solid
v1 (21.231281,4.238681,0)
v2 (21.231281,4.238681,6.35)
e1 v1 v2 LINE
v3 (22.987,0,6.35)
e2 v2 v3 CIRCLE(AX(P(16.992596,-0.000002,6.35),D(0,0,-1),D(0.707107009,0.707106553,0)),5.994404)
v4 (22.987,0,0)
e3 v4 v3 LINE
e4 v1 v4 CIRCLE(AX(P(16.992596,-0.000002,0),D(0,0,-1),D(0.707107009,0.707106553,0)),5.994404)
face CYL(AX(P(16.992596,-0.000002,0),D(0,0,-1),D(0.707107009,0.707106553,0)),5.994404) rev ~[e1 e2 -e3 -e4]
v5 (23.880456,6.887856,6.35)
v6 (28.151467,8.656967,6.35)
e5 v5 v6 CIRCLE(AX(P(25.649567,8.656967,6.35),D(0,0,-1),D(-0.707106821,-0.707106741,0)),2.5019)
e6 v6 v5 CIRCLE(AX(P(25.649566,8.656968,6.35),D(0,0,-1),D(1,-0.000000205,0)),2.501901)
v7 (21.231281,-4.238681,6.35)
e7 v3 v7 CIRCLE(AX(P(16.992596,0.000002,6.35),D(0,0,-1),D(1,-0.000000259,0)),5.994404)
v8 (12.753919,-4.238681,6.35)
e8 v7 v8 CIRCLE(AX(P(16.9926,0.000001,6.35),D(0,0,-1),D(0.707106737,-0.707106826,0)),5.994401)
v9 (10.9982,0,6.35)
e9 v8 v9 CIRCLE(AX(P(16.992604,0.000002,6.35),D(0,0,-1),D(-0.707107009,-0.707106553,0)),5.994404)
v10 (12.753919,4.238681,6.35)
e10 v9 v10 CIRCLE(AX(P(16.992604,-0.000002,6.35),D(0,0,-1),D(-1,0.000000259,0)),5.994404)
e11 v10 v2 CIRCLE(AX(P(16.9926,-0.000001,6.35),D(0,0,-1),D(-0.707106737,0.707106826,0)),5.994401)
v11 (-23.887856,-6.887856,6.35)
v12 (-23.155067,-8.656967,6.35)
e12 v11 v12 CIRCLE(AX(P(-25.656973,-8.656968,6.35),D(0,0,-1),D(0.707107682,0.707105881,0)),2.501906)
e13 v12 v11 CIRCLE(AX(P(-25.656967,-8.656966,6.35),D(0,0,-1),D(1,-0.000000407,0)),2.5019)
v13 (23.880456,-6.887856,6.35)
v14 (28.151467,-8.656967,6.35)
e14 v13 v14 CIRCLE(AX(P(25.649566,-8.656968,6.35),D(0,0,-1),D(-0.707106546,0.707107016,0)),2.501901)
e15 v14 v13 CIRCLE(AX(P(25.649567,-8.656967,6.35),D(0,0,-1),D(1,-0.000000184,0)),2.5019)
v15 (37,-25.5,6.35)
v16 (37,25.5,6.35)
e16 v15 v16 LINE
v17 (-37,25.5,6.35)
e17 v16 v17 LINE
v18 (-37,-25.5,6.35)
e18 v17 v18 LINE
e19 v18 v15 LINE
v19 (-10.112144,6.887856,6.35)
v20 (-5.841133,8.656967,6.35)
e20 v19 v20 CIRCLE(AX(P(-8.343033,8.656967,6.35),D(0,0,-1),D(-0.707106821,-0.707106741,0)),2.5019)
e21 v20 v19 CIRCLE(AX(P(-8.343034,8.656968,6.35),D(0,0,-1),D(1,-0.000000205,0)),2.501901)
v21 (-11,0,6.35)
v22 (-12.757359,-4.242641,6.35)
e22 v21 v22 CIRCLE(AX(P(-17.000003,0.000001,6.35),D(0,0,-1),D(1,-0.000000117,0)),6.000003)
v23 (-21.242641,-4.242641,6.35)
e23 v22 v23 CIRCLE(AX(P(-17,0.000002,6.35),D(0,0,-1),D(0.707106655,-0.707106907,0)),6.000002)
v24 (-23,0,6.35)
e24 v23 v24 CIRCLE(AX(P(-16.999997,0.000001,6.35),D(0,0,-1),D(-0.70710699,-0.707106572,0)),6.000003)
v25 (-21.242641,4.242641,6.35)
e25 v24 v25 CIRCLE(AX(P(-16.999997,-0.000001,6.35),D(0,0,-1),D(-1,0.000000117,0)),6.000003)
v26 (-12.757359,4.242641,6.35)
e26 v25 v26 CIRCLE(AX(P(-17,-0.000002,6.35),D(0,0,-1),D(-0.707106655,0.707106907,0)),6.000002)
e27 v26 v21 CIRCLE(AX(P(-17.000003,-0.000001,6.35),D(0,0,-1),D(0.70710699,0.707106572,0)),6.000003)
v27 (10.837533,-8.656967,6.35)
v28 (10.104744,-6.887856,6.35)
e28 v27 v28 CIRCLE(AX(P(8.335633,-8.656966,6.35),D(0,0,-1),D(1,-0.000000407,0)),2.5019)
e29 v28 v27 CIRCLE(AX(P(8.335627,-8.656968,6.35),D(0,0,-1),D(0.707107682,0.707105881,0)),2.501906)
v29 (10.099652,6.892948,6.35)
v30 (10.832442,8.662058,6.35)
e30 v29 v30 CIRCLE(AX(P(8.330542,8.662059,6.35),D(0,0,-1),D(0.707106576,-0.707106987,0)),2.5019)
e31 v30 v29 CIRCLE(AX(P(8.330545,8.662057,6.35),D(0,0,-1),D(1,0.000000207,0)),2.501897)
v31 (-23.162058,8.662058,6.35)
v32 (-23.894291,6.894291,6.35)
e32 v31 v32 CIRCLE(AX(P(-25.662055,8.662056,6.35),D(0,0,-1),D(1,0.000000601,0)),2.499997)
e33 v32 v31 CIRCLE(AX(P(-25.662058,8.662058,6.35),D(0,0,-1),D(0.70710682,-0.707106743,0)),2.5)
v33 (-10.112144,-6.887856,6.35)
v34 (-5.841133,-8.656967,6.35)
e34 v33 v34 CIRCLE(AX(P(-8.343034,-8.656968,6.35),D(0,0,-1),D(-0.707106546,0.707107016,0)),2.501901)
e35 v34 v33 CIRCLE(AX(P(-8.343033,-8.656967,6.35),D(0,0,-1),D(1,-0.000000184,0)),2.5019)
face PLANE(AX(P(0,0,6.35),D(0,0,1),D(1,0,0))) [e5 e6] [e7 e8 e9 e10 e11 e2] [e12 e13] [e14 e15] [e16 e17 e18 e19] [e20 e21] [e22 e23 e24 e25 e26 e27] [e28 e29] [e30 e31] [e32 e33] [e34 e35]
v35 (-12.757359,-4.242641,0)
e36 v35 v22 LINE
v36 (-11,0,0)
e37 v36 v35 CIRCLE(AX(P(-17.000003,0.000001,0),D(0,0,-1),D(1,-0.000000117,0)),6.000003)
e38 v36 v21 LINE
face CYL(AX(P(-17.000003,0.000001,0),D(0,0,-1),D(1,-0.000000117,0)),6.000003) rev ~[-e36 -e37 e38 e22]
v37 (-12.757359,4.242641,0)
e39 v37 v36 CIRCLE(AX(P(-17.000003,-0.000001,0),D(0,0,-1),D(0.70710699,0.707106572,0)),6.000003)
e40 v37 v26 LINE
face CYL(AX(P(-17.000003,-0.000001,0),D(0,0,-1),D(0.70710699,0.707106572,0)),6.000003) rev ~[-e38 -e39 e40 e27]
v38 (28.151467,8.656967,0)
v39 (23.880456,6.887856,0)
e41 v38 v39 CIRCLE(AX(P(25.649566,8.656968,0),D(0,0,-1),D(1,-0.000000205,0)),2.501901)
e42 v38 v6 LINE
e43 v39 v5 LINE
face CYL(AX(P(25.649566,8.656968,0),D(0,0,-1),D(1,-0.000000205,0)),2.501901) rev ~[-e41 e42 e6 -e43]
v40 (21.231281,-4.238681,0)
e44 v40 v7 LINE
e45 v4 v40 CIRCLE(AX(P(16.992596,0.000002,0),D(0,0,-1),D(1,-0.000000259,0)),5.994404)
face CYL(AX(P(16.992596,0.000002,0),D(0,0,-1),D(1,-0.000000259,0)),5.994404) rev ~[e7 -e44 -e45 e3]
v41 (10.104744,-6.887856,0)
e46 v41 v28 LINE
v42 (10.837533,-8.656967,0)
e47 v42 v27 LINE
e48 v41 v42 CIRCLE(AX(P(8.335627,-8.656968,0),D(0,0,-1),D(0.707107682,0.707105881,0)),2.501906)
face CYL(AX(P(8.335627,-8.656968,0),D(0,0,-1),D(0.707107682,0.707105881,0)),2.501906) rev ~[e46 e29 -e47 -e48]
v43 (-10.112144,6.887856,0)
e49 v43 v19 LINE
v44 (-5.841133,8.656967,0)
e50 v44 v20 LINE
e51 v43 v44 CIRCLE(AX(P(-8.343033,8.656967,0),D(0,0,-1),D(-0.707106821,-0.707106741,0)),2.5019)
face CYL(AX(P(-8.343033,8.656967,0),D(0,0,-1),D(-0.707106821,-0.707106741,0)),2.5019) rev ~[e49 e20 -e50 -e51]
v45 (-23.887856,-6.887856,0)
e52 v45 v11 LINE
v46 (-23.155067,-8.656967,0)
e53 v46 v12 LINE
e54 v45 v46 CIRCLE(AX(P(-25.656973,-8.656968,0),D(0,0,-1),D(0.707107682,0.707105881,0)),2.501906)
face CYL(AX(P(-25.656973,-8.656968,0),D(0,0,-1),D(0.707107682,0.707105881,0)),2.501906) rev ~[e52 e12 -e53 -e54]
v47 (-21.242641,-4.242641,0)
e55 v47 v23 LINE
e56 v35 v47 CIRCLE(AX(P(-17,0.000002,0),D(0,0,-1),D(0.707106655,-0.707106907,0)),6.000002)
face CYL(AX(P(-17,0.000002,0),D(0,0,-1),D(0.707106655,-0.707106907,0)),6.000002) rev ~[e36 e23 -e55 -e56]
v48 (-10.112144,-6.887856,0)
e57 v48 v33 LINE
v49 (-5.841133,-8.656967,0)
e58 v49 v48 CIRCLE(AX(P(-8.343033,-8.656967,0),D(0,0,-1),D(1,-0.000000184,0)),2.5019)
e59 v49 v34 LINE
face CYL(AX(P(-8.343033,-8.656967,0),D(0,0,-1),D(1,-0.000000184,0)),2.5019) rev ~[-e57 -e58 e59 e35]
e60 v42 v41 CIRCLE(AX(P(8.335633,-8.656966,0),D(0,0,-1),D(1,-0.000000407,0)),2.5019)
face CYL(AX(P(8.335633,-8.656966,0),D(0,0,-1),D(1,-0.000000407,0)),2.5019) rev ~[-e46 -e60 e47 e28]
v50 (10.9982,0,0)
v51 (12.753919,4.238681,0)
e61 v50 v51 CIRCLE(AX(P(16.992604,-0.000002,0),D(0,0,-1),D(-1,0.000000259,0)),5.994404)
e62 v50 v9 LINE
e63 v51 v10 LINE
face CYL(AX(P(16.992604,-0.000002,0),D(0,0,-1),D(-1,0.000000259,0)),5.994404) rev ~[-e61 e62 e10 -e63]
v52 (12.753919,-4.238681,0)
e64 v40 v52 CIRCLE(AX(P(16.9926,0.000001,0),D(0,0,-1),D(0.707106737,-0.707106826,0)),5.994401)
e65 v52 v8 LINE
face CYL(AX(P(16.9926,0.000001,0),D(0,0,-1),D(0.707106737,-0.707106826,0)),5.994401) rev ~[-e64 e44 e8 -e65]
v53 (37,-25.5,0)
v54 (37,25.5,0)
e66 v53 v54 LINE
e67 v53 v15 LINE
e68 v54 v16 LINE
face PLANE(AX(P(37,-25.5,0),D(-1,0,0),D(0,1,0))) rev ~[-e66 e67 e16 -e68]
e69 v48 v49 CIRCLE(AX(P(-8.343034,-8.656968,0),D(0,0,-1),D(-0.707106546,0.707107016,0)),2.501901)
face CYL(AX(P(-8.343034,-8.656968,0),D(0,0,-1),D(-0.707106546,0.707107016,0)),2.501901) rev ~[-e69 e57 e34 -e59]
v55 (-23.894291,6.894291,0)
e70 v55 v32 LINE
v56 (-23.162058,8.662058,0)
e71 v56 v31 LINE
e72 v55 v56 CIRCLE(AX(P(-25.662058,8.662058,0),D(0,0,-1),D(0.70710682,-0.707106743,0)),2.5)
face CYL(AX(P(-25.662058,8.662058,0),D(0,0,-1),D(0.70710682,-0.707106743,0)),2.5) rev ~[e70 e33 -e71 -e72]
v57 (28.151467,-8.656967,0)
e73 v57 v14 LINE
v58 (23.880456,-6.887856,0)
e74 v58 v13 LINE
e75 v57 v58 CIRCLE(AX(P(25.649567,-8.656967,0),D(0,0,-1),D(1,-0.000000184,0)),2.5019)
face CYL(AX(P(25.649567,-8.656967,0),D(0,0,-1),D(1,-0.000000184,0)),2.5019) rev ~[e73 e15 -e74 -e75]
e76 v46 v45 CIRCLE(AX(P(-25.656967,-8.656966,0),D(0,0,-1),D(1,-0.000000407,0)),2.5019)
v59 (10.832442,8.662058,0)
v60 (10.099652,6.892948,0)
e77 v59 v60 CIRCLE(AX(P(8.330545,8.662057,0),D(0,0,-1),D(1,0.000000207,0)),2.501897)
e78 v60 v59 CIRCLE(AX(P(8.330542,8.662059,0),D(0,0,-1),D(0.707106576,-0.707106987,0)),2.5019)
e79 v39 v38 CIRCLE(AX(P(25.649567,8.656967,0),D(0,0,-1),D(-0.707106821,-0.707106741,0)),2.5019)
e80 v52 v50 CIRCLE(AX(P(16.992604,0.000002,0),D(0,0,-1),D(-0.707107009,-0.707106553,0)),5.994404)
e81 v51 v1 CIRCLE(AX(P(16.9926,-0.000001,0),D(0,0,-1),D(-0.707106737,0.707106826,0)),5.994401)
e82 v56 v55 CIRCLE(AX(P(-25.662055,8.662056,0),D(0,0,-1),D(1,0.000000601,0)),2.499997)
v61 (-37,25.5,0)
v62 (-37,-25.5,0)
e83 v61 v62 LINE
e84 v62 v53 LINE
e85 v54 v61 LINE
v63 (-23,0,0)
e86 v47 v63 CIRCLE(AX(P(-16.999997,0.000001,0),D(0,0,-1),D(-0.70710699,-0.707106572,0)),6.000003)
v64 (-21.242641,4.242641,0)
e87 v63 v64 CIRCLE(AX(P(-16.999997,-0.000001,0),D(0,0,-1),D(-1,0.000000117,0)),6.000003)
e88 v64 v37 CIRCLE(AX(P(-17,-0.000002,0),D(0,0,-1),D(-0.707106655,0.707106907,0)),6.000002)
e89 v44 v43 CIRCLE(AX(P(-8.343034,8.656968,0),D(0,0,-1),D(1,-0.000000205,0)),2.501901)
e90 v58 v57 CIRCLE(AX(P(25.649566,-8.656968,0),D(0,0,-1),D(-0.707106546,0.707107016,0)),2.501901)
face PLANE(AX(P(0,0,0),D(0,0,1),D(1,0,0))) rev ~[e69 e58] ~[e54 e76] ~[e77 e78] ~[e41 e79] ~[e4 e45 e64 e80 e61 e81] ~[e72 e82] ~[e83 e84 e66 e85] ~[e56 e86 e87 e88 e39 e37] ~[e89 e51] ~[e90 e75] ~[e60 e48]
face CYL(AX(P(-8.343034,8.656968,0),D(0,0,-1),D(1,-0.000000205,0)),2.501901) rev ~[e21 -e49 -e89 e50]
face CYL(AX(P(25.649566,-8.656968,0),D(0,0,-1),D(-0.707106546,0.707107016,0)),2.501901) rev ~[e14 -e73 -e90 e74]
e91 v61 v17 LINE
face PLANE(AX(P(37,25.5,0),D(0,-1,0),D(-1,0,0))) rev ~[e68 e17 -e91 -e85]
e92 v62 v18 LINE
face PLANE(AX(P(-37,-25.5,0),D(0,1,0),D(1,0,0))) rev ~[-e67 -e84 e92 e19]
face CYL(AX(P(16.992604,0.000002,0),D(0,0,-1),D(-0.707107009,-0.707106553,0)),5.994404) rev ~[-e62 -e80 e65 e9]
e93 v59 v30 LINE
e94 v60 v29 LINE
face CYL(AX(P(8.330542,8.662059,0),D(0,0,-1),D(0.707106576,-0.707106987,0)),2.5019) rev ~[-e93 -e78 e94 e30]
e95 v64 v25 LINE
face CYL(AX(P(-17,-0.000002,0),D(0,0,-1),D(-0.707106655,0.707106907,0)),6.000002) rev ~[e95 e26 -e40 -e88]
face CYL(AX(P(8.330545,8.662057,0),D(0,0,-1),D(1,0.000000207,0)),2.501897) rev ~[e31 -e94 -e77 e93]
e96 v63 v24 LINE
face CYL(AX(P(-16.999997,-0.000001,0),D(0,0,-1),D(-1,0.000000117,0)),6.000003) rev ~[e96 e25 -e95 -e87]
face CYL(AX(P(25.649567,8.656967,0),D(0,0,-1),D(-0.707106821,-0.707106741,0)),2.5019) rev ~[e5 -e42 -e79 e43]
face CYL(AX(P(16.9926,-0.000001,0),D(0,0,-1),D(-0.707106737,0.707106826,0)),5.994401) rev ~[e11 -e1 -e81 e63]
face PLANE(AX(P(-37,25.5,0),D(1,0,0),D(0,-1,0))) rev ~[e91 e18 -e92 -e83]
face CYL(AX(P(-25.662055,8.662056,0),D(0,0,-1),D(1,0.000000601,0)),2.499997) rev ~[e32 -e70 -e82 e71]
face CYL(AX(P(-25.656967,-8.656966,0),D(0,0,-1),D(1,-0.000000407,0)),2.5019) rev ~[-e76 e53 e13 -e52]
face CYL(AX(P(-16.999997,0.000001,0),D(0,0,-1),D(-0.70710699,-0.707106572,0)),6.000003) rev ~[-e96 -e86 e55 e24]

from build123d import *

# Parameters (mm, degrees)
F1_DEPTH = 6.35


with BuildPart() as f1:
    # F0 (on Top) → F1 (new body)
    with BuildSketch(Plane.XY):
        Polygon((-37, 0), (-37, -25.5), (37, -25.5), (37, 25.5), (-37, 25.5), align=None)
        with BuildLine():
            ThreePointArc((-23.155067, -8.656967), (-27.968421, -9.614403), (-23.887856, -6.887856))
            ThreePointArc((-23.887856, -6.887856), (-23.345513, -7.699531), (-23.155067, -8.656967))
        make_face(mode=Mode.SUBTRACT)
        with BuildLine():
            ThreePointArc((-5.841133, -8.656967), (-9.300469, -10.968421), (-10.112144, -6.887856))
            ThreePointArc((-10.112144, -6.887856), (-7.385597, -6.345513), (-5.841133, -8.656967))
        make_face(mode=Mode.SUBTRACT)
        with BuildLine():
            ThreePointArc((10.837533, -8.656967), (6.024179, -9.614403), (10.104744, -6.887856))
            ThreePointArc((10.104744, -6.887856), (10.647087, -7.699531), (10.837533, -8.656967))
        make_face(mode=Mode.SUBTRACT)
        with BuildLine():
            ThreePointArc((28.151467, -8.656967), (24.692131, -10.968421), (23.880456, -6.887856))
            ThreePointArc((23.880456, -6.887856), (26.607003, -6.345513), (28.151467, -8.656967))
        make_face(mode=Mode.SUBTRACT)
        with BuildLine():
            ThreePointArc((-23.162058, 8.662058), (-23.352359, 7.705349), (-23.894291, 6.894291))
            ThreePointArc((-23.894291, 6.894291), (-27.971757, 9.618767), (-23.162058, 8.662058))
        make_face(mode=Mode.SUBTRACT)
        with BuildLine():
            ThreePointArc((-21.242641, -4.242641), (-22.543277, -2.296101), (-23, 0))
            ThreePointArc((-23, 0), (-22.543277, 2.296101), (-21.242641, 4.242641))
            ThreePointArc((-21.242641, 4.242641), (-17, 6), (-12.757359, 4.242641))
            ThreePointArc((-12.757359, 4.242641), (-11.456723, 2.296101), (-11, 0))
            ThreePointArc((-11, 0), (-11.456723, -2.296101), (-12.757359, -4.242641))
            ThreePointArc((-12.757359, -4.242641), (-17, -6), (-21.242641, -4.242641))
        make_face(mode=Mode.SUBTRACT)
        with BuildLine():
            ThreePointArc((-5.841133, 8.656967), (-7.385597, 6.345513), (-10.112144, 6.887856))
            ThreePointArc((-10.112144, 6.887856), (-9.300469, 10.968421), (-5.841133, 8.656967))
        make_face(mode=Mode.SUBTRACT)
        with BuildLine():
            ThreePointArc((12.753919, -4.238681), (11.454497, -2.293958), (10.9982, 0))
            ThreePointArc((10.9982, 0), (11.454497, 2.293958), (12.753919, 4.238681))
            ThreePointArc((12.753919, 4.238681), (16.9926, 5.9944), (21.231281, 4.238681))
            ThreePointArc((21.231281, 4.238681), (22.530703, 2.293958), (22.987, 0))
            ThreePointArc((22.987, 0), (22.530703, -2.293958), (21.231281, -4.238681))
            ThreePointArc((21.231281, -4.238681), (16.9926, -5.9944), (12.753919, -4.238681))
        make_face(mode=Mode.SUBTRACT)
        with BuildLine():
            ThreePointArc((10.832442, 8.662058), (10.641996, 7.704622), (10.099652, 6.892948))
            ThreePointArc((10.099652, 6.892948), (6.019088, 9.619494), (10.832442, 8.662058))
        make_face(mode=Mode.SUBTRACT)
        with BuildLine():
            ThreePointArc((28.151467, 8.656967), (26.607003, 6.345513), (23.880456, 6.887856))
            ThreePointArc((23.880456, 6.887856), (24.692131, 10.968421), (28.151467, 8.656967))
        make_face(mode=Mode.SUBTRACT)
    extrude(amount=F1_DEPTH)


solid = f1.part
